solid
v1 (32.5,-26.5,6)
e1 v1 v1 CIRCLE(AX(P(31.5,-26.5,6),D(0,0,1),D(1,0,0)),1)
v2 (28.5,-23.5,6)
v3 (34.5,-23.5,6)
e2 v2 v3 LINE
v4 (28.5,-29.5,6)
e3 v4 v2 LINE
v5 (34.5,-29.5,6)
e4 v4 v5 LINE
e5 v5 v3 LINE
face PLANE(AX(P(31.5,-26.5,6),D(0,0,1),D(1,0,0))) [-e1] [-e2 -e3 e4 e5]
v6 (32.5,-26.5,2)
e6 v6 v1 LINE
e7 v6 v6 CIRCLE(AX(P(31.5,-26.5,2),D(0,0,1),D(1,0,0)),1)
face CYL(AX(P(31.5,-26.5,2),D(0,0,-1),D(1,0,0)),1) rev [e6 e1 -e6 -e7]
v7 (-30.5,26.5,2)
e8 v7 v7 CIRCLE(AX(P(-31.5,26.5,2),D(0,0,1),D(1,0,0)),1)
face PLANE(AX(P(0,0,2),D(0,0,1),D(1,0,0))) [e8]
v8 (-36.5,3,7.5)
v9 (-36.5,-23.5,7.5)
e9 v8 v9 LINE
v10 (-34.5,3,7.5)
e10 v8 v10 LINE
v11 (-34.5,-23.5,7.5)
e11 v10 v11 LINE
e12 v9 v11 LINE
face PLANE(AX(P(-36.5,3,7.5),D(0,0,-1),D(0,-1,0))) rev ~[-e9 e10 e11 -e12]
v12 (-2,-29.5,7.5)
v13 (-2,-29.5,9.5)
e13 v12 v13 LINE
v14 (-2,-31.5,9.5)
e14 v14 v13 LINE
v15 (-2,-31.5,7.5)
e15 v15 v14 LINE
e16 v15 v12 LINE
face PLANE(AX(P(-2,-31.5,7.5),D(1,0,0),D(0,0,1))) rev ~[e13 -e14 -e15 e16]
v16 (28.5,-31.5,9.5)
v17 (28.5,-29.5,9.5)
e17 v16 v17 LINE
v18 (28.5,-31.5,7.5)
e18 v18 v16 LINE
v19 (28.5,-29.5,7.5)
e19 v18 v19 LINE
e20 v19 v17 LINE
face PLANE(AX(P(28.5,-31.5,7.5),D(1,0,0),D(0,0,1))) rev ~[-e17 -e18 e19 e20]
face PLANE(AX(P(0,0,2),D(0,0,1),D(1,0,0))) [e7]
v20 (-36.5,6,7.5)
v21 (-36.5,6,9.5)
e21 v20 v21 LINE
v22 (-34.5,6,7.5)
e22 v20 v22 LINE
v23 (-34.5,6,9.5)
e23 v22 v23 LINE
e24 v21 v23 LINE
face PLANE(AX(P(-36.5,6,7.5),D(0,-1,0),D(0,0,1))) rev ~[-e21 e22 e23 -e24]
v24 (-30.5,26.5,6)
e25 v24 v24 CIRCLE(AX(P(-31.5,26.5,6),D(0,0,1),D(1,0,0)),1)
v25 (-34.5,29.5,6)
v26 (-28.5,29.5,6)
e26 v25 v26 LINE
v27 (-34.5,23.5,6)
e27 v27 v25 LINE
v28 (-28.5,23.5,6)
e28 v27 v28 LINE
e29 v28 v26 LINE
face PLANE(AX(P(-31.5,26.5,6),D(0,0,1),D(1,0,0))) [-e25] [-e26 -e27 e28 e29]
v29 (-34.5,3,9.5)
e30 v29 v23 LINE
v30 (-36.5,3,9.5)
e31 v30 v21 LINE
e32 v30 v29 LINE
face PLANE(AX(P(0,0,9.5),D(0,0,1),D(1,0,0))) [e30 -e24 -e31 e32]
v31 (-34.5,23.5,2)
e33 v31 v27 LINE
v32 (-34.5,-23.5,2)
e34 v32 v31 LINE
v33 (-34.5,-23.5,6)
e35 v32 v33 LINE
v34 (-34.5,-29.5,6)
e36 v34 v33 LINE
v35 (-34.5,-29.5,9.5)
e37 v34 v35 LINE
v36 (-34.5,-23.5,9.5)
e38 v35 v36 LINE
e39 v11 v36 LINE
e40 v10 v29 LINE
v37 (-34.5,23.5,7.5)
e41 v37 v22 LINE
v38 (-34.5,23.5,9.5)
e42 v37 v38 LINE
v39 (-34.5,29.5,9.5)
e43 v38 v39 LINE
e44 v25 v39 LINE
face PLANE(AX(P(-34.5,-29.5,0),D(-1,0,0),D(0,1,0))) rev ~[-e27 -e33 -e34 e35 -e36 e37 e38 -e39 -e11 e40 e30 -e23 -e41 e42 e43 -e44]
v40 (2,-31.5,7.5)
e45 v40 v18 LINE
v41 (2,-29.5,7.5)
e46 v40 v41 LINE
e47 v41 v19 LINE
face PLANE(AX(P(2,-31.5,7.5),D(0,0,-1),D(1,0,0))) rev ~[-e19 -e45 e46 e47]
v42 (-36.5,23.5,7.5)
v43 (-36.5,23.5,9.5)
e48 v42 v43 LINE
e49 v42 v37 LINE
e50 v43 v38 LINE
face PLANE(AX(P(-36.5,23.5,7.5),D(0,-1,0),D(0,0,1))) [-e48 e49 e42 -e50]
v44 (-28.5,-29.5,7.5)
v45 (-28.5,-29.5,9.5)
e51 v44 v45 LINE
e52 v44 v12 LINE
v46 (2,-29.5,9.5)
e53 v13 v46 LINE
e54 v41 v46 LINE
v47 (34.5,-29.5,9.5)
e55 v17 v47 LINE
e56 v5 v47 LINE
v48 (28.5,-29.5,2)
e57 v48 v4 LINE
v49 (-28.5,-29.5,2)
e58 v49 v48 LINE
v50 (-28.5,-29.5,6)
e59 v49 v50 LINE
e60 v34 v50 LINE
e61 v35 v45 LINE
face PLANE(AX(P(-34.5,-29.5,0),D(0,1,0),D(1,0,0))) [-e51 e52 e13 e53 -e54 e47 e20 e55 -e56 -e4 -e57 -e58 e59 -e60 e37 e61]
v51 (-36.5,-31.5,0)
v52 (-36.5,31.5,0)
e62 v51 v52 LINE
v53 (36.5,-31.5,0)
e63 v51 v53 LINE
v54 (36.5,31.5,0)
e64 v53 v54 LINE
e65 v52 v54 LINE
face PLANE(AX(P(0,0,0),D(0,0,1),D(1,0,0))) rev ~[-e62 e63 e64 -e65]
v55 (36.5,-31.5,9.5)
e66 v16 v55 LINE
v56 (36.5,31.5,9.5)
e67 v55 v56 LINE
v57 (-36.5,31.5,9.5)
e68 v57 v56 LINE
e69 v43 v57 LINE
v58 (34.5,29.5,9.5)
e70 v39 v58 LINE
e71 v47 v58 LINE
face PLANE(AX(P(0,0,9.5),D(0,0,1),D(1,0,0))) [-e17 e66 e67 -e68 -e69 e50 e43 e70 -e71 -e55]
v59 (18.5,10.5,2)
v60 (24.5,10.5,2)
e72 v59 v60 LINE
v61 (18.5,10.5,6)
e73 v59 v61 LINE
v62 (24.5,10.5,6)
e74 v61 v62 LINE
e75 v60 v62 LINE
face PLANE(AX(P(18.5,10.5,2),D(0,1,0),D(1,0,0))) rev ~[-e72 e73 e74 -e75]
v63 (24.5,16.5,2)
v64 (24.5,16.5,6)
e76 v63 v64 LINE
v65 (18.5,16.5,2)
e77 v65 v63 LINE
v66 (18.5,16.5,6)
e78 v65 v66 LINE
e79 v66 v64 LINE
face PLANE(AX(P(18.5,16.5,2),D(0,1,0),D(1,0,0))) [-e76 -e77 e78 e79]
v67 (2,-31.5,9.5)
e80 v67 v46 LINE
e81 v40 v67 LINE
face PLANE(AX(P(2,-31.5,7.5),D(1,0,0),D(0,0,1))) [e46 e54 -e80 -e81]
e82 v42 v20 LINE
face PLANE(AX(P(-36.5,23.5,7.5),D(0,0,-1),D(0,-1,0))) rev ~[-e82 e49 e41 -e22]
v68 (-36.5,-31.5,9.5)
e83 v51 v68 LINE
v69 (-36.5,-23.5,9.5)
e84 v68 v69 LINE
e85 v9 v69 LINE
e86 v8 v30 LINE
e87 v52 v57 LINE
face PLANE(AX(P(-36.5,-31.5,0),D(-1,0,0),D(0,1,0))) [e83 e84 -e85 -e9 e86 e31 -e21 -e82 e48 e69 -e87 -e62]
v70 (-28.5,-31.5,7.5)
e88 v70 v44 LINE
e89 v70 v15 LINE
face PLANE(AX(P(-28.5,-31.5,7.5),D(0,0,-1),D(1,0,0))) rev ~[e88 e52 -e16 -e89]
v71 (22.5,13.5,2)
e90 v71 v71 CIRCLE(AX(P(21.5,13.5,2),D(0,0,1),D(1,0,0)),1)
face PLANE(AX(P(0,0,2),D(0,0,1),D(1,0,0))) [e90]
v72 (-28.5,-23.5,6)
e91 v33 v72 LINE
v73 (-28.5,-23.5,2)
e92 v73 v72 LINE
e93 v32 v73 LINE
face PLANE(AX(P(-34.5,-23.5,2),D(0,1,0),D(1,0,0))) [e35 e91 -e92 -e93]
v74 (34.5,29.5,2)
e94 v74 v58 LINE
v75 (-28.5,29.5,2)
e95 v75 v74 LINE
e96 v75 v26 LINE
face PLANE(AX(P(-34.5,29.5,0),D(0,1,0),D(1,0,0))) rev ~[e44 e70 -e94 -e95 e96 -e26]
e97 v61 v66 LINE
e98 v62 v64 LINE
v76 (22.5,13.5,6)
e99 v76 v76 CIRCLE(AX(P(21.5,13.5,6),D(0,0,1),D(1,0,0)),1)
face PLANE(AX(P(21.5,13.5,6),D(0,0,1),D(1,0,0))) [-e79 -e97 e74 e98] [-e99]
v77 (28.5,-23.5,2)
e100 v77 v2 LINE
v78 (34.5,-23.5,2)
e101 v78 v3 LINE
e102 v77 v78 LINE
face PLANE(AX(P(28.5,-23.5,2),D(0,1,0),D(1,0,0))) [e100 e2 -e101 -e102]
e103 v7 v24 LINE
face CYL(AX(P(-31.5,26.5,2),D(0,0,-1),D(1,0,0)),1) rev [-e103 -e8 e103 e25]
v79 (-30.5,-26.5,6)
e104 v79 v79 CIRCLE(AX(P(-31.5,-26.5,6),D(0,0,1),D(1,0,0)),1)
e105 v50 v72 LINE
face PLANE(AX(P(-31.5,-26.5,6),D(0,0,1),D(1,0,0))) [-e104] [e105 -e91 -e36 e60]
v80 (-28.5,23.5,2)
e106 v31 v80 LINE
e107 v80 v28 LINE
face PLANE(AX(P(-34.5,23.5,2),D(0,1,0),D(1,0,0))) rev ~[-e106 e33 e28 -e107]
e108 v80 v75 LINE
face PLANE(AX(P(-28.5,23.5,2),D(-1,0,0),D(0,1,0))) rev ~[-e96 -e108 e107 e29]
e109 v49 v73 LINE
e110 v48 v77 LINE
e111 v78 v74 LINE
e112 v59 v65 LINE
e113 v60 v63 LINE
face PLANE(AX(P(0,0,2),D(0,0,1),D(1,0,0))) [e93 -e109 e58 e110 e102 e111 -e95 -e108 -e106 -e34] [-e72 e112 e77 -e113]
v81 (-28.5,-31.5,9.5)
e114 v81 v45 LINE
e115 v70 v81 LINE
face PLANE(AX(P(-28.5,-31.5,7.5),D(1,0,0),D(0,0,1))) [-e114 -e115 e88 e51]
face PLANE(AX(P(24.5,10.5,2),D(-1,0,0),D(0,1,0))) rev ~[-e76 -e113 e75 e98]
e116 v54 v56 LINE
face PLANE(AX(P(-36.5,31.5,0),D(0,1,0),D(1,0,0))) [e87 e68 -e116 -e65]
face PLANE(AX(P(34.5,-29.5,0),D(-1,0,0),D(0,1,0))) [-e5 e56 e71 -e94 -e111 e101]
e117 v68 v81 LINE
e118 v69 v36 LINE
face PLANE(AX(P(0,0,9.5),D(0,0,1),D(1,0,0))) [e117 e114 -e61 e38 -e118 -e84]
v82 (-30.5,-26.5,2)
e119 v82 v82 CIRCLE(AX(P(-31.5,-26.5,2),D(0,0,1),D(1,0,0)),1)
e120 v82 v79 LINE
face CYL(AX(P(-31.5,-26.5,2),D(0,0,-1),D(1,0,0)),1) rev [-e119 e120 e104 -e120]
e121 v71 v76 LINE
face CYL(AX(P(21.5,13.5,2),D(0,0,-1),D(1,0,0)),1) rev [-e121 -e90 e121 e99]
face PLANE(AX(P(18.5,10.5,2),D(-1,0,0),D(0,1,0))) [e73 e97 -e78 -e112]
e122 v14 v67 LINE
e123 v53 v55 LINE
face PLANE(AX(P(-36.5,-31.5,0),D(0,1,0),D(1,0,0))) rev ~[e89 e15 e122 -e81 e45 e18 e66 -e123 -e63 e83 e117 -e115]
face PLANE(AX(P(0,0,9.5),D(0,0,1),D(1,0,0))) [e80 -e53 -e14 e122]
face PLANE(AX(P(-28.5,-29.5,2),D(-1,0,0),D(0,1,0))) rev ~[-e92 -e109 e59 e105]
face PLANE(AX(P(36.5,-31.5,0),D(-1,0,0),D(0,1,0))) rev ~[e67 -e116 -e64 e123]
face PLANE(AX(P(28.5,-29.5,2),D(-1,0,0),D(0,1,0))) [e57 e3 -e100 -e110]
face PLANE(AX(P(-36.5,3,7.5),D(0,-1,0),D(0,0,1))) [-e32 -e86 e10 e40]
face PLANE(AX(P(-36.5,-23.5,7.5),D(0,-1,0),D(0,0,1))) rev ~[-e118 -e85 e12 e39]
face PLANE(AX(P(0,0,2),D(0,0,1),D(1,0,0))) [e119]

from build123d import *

# Parameters (mm, degrees)
F3_W      = 73
F3_H      = 63
F3_W_2    = 69
F3_H_2    = 59
F4_DEPTH  = 9.5
F5_DEPTH  = 2
F6_W      = 6
F6_H      = 6
F6_R      = 1
F7_DEPTH  = 4
F8_W      = 26.5
F8_H      = 2
F9_DEPTH  = 2
F10_W     = 26.5
F10_H     = 2
F10_W_2   = 17.5
F11_DEPTH = 2


with BuildPart() as f4:
    # F3 (on Top) → F4 (new body)
    with BuildSketch(Plane.XY):
        Rectangle(F3_W, F3_H)
        Rectangle(F3_W_2, F3_H_2, mode=Mode.SUBTRACT)
    extrude(amount=F4_DEPTH)

    # F3 (on Top) → F5 (join)
    with BuildSketch(Plane.XY):
        Rectangle(F3_W_2, F3_H_2)
    extrude(amount=F5_DEPTH)

    # F6 (on face) → F7 (join)
    with BuildSketch(Plane.XY.offset(2)):
        with Locations((21.5, 13.5)):
            Rectangle(F6_W, F6_H)
        with Locations((21.5, 13.5)):
            Circle(F6_R, mode=Mode.SUBTRACT)
        with Locations((31.5, -26.5)):
            Rectangle(F6_W, F6_H)
        with Locations((31.5, -26.5)):
            Circle(F6_R, mode=Mode.SUBTRACT)
        with Locations((-31.5, 26.5)):
            Rectangle(F6_W, F6_H)
        with Locations((-31.5, 26.5)):
            Circle(F6_R, mode=Mode.SUBTRACT)
        with Locations((-31.5, -26.5)):
            Rectangle(F6_W, F6_H)
        with Locations((-31.5, -26.5)):
            Circle(F6_R, mode=Mode.SUBTRACT)
    extrude(amount=F7_DEPTH)

    # F8 (on face) → F9 (cut, through all)
    with BuildSketch(Plane.XZ.offset(31.5)):
        with Locations((15.25, 8.5)):
            Rectangle(F8_W, F8_H)
        with Locations((-15.25, 8.5)):
            Rectangle(F8_W, F8_H)
    extrude(amount=-F9_DEPTH, mode=Mode.SUBTRACT)

    # F10 (on face) → F11 (cut, through all)
    with BuildSketch(Plane(origin=(-36.5, 0, 0), x_dir=(0, -1, 0), z_dir=(-1, 0, 0))):
        with Locations((10.25, 8.5)):
            Rectangle(F10_W, F10_H)
        with Locations((-14.75, 8.5)):
            Rectangle(F10_W_2, F10_H)
    extrude(amount=-F11_DEPTH, mode=Mode.SUBTRACT)


solid = f4.part
